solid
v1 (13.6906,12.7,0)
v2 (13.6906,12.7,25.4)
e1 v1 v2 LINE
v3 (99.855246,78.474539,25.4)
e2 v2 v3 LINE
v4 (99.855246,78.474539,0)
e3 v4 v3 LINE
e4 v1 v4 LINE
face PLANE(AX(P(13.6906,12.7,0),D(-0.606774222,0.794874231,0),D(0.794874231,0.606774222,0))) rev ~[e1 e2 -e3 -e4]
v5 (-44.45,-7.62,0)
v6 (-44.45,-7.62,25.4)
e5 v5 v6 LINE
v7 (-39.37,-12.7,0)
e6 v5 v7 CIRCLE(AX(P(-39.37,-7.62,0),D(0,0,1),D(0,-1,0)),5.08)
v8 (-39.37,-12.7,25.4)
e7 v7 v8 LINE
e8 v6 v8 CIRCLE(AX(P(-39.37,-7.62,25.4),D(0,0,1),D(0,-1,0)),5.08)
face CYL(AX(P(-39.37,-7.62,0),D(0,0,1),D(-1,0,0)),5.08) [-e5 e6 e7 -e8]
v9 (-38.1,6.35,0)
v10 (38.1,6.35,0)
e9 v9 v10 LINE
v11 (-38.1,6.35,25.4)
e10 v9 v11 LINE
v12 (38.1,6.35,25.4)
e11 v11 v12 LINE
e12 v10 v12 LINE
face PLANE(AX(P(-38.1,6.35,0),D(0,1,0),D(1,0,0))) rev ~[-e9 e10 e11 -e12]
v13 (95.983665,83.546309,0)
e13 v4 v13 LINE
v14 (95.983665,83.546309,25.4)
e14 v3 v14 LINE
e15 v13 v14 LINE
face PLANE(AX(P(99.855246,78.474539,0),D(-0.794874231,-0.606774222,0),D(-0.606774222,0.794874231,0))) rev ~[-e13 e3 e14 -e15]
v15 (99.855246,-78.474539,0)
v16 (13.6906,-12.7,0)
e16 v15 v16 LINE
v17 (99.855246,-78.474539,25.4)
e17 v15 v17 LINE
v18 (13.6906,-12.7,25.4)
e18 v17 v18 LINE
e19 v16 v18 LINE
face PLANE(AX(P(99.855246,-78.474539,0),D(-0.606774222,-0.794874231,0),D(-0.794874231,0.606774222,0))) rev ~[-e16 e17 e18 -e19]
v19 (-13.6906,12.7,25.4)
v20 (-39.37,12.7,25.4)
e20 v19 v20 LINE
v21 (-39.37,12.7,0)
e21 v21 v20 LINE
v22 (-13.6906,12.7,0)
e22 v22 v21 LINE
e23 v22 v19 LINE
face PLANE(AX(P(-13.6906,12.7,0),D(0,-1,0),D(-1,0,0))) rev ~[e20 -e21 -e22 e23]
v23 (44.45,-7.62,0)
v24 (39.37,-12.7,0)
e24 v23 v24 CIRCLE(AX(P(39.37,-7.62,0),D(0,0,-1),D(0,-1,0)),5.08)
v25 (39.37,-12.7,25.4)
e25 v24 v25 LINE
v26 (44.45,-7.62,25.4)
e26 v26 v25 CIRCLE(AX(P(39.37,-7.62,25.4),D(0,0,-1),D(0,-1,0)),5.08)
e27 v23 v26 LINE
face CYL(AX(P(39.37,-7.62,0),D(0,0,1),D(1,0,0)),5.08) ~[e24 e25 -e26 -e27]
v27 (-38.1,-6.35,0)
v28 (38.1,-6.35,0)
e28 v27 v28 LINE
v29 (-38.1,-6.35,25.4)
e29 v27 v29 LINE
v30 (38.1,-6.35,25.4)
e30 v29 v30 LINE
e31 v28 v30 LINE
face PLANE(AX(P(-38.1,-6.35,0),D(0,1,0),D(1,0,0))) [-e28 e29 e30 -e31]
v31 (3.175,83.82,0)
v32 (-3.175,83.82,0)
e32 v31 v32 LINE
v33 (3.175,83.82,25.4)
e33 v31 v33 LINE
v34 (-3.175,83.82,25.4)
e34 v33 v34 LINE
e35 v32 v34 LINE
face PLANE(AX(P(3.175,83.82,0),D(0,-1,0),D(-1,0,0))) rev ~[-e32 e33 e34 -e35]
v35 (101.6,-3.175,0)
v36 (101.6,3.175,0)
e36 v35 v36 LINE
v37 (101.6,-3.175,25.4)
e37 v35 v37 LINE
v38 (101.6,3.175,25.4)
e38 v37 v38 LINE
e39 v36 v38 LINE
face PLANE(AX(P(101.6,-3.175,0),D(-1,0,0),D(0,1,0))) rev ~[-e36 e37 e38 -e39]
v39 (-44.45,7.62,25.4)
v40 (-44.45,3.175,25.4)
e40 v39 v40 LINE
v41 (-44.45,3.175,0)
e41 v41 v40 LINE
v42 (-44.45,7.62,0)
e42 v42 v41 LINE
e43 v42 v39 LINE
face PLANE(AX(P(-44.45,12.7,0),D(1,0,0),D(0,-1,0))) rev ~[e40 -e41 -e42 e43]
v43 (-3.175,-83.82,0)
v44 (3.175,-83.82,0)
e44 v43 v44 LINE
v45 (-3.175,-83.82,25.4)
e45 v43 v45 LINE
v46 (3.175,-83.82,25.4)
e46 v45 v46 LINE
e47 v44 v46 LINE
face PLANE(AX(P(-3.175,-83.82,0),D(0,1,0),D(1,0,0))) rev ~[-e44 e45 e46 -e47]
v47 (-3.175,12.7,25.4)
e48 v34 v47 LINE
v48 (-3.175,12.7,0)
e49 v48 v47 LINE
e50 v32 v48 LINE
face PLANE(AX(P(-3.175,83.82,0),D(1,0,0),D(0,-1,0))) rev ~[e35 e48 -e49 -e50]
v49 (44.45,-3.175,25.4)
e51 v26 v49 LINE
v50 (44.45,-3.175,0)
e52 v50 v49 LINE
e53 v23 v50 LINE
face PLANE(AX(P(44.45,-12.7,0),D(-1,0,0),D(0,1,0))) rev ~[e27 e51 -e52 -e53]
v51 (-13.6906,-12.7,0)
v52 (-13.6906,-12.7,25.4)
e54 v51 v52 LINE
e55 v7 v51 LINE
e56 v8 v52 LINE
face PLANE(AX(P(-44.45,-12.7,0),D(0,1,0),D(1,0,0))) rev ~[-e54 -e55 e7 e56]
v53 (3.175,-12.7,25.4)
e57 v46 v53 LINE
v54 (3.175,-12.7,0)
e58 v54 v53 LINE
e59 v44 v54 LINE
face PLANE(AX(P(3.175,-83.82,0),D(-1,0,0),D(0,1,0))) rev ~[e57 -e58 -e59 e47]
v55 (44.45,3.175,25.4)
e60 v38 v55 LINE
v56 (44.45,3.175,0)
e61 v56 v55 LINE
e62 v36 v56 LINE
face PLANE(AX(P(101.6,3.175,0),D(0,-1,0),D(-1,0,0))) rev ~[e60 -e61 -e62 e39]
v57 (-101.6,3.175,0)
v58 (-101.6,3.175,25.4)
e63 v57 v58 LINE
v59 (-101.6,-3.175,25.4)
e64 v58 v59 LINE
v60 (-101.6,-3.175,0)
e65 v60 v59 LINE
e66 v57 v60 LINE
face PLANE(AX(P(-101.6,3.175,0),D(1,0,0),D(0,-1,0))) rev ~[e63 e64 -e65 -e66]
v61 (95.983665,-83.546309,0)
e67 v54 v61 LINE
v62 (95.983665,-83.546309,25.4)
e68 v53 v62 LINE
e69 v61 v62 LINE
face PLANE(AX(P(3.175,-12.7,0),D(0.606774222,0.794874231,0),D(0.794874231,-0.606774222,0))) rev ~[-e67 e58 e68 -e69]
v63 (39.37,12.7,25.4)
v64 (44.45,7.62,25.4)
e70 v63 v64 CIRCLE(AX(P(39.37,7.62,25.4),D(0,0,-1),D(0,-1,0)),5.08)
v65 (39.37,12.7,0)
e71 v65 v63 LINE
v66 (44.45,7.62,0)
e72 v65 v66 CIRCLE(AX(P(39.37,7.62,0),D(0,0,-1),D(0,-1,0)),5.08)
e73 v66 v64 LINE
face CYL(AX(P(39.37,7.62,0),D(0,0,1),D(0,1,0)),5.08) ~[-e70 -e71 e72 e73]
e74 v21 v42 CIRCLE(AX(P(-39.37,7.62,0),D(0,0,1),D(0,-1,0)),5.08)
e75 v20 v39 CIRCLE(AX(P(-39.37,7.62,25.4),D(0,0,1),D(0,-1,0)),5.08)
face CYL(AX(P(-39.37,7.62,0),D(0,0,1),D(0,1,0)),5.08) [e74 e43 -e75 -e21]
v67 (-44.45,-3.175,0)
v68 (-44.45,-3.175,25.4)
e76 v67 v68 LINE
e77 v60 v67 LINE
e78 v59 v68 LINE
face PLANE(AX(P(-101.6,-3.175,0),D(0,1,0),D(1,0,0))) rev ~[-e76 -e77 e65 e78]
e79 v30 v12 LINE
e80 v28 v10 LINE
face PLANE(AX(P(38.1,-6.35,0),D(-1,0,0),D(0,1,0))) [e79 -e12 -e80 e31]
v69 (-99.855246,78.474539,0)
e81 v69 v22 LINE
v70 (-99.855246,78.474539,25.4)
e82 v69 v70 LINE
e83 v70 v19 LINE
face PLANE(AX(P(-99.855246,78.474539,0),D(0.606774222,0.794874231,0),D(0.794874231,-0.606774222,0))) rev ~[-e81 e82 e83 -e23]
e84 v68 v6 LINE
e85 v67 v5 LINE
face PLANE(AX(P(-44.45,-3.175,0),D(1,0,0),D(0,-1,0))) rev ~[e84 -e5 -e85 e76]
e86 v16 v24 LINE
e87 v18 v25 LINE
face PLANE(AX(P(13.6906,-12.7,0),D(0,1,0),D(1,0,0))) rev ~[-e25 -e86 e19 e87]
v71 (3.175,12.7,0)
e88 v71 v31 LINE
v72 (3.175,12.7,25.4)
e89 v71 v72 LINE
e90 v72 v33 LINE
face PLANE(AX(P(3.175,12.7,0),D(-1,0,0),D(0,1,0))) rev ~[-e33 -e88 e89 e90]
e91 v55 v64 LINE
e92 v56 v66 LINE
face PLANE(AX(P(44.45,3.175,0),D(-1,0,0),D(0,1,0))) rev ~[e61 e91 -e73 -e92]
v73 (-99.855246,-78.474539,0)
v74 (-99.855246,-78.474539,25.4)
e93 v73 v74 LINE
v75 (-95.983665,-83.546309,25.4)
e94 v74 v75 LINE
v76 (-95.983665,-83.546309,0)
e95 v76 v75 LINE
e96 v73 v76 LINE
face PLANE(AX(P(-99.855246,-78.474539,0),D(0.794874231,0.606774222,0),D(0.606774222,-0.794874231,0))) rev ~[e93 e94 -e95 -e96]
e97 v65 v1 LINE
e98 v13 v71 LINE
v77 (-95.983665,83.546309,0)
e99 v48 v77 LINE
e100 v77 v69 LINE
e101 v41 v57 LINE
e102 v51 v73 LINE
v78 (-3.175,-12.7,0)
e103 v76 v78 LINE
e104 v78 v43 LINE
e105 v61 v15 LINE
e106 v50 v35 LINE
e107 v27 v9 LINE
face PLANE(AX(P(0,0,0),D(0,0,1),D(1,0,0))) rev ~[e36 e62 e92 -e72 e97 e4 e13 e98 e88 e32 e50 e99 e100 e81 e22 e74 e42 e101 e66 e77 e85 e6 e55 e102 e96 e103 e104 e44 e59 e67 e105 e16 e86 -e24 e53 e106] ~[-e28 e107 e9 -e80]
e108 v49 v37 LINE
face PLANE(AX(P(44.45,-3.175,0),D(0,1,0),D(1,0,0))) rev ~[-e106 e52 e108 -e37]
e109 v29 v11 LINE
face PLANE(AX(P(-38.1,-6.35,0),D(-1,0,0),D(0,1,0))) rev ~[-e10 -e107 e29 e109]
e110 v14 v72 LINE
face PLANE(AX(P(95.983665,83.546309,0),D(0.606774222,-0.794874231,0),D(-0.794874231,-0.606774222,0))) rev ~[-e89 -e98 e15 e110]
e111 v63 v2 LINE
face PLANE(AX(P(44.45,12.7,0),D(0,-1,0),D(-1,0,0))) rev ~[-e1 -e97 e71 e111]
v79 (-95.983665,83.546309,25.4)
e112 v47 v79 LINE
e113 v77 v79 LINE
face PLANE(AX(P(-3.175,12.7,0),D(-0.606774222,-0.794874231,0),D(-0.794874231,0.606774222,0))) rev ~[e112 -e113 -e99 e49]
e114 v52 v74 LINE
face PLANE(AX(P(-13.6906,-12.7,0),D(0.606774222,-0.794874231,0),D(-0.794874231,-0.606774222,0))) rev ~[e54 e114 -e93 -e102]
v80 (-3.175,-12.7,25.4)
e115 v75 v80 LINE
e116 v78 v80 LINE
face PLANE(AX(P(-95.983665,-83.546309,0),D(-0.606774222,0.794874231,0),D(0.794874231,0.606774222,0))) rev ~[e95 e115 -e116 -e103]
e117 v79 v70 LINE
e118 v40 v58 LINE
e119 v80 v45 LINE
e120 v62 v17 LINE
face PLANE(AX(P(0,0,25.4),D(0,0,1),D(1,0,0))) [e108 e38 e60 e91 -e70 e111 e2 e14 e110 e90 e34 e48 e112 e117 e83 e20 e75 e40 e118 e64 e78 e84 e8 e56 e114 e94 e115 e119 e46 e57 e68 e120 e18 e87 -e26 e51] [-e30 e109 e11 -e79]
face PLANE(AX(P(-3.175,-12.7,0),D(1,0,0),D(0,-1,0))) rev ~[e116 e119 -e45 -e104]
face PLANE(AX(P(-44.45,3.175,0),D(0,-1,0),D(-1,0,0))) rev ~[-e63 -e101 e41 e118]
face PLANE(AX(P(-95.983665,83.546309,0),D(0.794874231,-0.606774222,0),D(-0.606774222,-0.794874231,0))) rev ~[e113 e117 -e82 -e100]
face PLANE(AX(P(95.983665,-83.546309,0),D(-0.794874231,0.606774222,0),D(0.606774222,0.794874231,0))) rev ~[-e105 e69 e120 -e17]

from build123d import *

# Parameters (mm, degrees)
SKETCH1_W           = 76.2
SKETCH1_H           = 12.7
BOSS_EXTRUDE1_DEPTH = 25.4
FILLET1_R           = 5.08


with BuildPart() as part:
    # Sketch1 → Boss-Extrude1 (new body)
    with BuildSketch(Plane.XY):
        Polygon((44.45, 12.7), (13.6906, 12.7), (99.855246, 78.474538932), (95.983665425, 83.546309485), (3.175, 12.7), (3.175, 83.82), (-3.175, 83.82), (-3.175, 12.7), (-95.983665425, 83.546309485), (-99.855246, 78.474538932), (-13.6906, 12.7), (-44.45, 12.7), (-44.45, 3.175), (-101.6, 3.175), (-101.6, -3.175), (-44.45, -3.175), (-44.45, -12.7), (-13.6906, -12.7), (-99.855246, -78.474538932), (-95.983665425, -83.546309485), (-3.175, -12.7), (-3.175, -83.82), (3.175, -83.82), (3.175, -12.7), (95.983665425, -83.546309485), (99.855246, -78.474538932), (13.6906, -12.7), (44.45, -12.7), (44.45, -3.175), (101.6, -3.175), (101.6, 3.175), (44.45, 3.175), align=None)
        Rectangle(SKETCH1_W, SKETCH1_H, mode=Mode.SUBTRACT)
    extrude(amount=BOSS_EXTRUDE1_DEPTH)

    # Fillet1
    fillet1_edges = [part.edges().sort_by_distance(p)[0] for p in [
        (44.45, 12.7, 12.7),
        (44.45, -12.7, 12.7),
        (-44.45, -12.7, 12.7),
        (-44.45, 12.7, 12.7),
    ]]
    fillet(fillet1_edges, radius=FILLET1_R)


solid = part.part
